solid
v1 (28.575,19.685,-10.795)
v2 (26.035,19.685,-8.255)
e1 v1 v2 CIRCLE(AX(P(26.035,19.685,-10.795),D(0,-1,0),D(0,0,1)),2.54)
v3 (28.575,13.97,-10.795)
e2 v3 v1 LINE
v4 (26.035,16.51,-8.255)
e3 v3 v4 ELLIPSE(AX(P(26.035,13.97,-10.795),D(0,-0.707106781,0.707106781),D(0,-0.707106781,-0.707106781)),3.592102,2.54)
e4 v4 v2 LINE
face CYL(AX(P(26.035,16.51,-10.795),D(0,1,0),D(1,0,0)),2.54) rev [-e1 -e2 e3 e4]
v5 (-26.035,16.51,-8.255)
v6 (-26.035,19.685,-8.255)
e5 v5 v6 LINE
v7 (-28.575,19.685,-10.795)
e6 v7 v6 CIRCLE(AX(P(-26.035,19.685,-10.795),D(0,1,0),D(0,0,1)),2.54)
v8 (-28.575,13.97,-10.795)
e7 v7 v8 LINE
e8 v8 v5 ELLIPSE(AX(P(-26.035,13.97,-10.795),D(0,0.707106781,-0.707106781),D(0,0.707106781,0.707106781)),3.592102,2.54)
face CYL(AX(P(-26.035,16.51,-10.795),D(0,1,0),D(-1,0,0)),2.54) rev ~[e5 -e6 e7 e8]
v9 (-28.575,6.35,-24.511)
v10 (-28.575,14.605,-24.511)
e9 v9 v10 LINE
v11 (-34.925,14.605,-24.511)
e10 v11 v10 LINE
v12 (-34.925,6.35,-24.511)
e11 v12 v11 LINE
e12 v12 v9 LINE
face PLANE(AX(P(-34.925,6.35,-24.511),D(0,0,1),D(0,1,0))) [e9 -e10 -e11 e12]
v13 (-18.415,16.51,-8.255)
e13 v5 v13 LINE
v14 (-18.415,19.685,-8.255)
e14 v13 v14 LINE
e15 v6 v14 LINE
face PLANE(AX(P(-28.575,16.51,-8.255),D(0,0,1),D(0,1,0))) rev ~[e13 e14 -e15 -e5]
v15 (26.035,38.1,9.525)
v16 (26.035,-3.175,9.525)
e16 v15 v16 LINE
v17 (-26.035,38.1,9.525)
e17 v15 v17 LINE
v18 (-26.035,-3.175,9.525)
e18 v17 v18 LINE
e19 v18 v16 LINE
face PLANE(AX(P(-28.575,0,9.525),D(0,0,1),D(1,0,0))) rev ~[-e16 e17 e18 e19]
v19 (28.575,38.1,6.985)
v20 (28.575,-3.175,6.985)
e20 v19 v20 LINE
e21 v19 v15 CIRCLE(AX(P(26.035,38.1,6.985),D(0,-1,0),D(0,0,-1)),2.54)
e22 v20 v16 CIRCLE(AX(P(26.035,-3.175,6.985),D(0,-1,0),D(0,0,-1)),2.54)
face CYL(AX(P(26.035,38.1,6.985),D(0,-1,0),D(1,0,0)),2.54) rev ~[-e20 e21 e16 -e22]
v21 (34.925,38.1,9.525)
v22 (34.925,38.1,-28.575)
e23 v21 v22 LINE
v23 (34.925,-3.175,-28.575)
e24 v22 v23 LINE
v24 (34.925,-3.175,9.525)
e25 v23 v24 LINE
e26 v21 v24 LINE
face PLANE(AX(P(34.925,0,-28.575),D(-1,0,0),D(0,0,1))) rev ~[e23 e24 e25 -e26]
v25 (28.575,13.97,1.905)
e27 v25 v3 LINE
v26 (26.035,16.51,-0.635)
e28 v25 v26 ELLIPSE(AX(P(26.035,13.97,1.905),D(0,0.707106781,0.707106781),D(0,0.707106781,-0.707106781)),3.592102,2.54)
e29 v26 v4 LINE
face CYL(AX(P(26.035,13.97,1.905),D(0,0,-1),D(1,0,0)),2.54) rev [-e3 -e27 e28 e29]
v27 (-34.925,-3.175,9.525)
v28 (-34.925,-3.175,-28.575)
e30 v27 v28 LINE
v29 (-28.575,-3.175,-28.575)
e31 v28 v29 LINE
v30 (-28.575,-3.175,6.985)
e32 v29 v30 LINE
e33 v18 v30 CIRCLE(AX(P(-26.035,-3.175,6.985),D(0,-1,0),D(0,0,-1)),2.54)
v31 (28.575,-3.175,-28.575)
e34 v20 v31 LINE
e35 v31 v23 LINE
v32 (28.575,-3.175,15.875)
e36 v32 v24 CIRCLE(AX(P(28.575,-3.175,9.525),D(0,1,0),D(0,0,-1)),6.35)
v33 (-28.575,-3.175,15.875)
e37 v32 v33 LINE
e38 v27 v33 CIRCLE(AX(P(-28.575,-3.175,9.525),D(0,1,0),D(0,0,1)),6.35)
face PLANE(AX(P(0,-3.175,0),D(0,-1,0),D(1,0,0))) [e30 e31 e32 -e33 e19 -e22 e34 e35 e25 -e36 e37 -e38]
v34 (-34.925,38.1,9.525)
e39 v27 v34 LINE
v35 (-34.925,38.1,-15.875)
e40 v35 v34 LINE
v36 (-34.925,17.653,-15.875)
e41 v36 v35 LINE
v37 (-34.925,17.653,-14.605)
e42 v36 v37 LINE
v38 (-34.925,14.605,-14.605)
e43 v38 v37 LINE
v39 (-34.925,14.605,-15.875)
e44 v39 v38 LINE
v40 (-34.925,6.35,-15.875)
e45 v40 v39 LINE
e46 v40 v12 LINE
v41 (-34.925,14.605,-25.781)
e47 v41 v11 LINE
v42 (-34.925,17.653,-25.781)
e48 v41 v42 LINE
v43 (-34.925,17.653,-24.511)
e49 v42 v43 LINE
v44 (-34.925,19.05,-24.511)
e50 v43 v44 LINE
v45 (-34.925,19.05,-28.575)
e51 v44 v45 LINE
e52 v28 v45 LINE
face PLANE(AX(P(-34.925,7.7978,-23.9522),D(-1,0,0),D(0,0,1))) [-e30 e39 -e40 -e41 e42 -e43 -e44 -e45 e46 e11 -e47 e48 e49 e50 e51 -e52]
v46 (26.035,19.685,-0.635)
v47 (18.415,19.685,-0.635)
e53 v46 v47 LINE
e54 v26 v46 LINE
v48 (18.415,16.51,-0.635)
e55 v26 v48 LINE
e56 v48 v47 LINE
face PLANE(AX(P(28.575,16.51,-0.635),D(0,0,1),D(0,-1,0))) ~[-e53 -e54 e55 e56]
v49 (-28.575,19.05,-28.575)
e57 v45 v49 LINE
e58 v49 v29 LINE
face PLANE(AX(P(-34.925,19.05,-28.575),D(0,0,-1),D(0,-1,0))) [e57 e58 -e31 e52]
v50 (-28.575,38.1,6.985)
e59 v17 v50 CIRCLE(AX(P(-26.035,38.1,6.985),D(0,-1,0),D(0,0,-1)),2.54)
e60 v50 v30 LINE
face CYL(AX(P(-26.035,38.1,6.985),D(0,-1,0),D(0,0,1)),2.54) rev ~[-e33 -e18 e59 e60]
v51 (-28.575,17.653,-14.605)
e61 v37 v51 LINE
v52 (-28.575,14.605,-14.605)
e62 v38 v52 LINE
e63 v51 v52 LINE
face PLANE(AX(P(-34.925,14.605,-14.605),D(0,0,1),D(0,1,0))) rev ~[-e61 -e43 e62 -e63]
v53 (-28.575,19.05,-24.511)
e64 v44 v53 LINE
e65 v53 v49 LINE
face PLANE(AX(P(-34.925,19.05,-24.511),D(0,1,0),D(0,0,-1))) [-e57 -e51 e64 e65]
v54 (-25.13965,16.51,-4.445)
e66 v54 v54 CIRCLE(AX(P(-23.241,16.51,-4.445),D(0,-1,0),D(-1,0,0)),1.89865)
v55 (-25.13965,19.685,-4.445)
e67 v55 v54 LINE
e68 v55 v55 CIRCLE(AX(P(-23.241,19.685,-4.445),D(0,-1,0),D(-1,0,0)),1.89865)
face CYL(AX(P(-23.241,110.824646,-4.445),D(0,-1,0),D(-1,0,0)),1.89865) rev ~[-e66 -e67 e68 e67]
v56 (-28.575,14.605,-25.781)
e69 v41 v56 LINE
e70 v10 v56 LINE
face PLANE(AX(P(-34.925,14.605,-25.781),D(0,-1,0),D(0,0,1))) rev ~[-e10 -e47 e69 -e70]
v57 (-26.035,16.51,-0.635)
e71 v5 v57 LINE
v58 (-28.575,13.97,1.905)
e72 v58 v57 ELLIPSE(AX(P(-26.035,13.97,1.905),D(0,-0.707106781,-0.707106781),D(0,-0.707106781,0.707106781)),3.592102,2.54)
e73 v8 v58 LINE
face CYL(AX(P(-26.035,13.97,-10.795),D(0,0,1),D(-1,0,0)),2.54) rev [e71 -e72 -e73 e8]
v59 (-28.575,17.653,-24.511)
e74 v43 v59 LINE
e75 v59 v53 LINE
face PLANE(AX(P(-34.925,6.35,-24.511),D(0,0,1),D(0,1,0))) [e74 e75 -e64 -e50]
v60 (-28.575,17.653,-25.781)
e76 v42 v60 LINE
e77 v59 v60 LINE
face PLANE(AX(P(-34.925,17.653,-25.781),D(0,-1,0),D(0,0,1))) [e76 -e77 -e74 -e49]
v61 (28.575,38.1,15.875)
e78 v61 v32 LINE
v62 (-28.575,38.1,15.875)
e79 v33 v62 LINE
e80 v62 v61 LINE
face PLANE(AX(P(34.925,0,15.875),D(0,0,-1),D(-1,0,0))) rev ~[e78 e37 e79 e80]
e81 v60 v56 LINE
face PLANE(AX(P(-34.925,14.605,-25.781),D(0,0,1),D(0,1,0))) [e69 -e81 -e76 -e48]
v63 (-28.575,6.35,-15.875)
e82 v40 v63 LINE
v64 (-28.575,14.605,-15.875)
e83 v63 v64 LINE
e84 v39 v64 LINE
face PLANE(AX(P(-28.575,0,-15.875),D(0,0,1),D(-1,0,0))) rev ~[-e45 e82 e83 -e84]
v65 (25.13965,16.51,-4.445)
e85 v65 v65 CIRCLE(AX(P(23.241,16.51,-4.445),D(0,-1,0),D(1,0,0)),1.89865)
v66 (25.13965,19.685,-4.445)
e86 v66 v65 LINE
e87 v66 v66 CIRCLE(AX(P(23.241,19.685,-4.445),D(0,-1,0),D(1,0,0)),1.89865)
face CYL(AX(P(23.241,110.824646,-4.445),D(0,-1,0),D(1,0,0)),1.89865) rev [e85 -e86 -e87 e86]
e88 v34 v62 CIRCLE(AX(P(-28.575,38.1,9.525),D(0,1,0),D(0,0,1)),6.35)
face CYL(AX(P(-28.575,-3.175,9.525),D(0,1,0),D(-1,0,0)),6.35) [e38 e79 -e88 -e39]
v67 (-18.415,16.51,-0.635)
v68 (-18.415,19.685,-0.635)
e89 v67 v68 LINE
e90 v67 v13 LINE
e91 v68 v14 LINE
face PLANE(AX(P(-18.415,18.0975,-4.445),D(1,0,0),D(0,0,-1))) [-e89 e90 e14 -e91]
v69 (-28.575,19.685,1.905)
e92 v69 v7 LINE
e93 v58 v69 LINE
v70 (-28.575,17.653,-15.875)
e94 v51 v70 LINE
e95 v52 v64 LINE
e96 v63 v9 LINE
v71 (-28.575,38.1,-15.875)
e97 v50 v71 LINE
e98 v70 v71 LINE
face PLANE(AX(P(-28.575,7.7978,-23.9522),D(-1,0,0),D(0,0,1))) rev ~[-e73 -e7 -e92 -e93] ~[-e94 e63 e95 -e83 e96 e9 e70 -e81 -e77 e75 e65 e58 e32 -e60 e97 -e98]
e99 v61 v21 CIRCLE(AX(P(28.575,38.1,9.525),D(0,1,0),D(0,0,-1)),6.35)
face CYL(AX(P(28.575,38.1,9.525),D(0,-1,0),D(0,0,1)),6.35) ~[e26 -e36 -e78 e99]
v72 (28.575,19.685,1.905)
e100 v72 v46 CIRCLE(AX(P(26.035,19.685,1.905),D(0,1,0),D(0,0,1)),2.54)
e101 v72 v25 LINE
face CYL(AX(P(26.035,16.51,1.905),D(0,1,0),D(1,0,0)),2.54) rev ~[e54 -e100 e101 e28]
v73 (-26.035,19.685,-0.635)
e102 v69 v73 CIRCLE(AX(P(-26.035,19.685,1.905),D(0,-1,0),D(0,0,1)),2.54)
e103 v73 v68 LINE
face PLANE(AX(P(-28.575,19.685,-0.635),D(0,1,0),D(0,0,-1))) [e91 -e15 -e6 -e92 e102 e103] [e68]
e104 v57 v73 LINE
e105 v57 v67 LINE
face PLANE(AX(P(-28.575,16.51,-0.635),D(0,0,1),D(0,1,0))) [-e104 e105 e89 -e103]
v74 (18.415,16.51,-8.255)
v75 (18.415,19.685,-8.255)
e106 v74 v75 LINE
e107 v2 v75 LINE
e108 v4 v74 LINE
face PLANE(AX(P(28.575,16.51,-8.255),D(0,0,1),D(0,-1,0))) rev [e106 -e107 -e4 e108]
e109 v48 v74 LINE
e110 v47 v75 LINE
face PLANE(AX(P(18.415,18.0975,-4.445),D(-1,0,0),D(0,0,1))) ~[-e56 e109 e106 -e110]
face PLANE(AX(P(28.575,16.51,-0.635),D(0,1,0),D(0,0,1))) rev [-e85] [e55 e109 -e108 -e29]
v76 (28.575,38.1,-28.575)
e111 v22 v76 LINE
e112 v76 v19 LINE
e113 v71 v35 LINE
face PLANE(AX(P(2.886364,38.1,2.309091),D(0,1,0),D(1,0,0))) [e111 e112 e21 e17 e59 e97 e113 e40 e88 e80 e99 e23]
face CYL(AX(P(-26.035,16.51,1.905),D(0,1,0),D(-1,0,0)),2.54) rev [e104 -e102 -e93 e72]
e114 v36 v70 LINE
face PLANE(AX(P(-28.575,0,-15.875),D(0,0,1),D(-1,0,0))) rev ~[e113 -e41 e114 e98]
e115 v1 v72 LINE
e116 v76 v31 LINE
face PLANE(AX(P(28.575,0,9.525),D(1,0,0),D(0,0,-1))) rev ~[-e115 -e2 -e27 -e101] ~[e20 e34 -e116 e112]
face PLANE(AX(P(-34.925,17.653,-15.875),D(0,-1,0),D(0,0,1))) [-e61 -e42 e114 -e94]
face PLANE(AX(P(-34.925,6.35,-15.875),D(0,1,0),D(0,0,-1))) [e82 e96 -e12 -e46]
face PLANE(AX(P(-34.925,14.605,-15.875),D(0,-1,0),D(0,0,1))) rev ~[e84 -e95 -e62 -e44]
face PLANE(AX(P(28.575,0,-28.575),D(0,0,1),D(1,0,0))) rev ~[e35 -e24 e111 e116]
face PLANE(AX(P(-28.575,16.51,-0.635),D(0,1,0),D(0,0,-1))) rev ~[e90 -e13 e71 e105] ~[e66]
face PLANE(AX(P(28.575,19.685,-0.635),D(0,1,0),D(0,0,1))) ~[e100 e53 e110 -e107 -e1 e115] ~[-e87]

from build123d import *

# Parameters (mm, degrees)
BOSS_EXTRUDE1_DEPTH   = 38.1
SKETCH5_W             = 7.62
SKETCH5_H             = 3.175
BOSS_EXTRUDE2_DEPTH   = 10.16
F_6_CLEARANCE_HOLE1_D = 3.7973
BOSS_EXTRUDE3_DEPTH   = 3.175
FILLET1_R             = 6.35
FILLET2_R             = 2.54
FILLET3_R             = 2.54
FILLET4_R             = 2.54
BOSS_EXTRUDE6_DEPTH   = 6.35
CUT_EXTRUDE1_REACH    = 86.541
SKETCH19_W            = 1.27
SKETCH19_H            = 3.048


with BuildPart() as part:
    # Sketch1 → Boss-Extrude1 (new body)
    with BuildSketch(Plane(origin=(0, 0, 0), x_dir=(1, 0, 0), z_dir=(0, 1, 0))):
        Polygon((-34.925, -15.875), (34.925, -15.875), (34.925, 15.875), (34.925, 28.575), (28.575, 28.575), (28.575, 15.875), (28.575, -9.525), (-28.575, -9.525), (-28.575, 15.875), (-34.925, 15.875), align=None)
    extrude(amount=BOSS_EXTRUDE1_DEPTH)

    # Sketch5 → Boss-Extrude2 (add)
    with BuildSketch(Plane(origin=(-28.575, 0, 0), x_dir=(0, 0, -1), z_dir=(1, 0, 0))):
        with Locations((4.445, 18.0975)):
            Rectangle(SKETCH5_W, SKETCH5_H)
    boss_extrude2 = extrude(amount=BOSS_EXTRUDE2_DEPTH)

    # #6 Clearance Hole1 (through all)
    with Locations(Plane(origin=(0, 19.685, 0), x_dir=(1, 0, 0), z_dir=(0, 1, 0))):
        with Locations((-23.241, 4.445)):
            f_6_clearance_hole1 = Hole(F_6_CLEARANCE_HOLE1_D / 2)

    # Mirror4: Boss-Extrude2, #6 Clearance Hole1 across plane
    add(boss_extrude2.mirror(Plane(origin=(0, 0, 0), x_dir=(0, 0, 1), z_dir=(1, 0, 0))))
    add(f_6_clearance_hole1.mirror(Plane(origin=(0, 0, 0), x_dir=(0, 0, 1), z_dir=(1, 0, 0))), mode=Mode.SUBTRACT)

    # Sketch11 → Boss-Extrude3 (add)
    with BuildSketch(Plane.XZ):
        Polygon((-28.575, -28.575), (-28.575, 9.525), (28.575, 9.525), (28.575, -28.575), (34.925, -28.575), (34.925, 15.875), (-34.925, 15.875), (-34.925, -28.575), align=None)
    extrude(amount=BOSS_EXTRUDE3_DEPTH)

    # Fillet1
    fillet1_edges = [part.edges().sort_by_distance(p)[0] for p in [
        (34.925, 17.4625, 15.875),
        (-34.925, 17.4625, 15.875),
    ]]
    fillet(fillet1_edges, radius=FILLET1_R)

    # Fillet2
    fillet2_edges = [part.edges().sort_by_distance(p)[0] for p in [
        (-28.575, 18.0975, -8.255),
        (-28.575, 18.0975, -0.635),
        (28.575, 18.0975, -0.635),
        (28.575, 18.0975, -8.255),
    ]]
    fillet(fillet2_edges, radius=FILLET2_R)

    # Fillet3
    fillet3_edges = [part.edges().sort_by_distance(p)[0] for p in [
        (-28.575, 16.51, -4.445),
        (28.575, 16.51, -4.445),
    ]]
    fillet(fillet3_edges, radius=FILLET3_R)

    # Fillet4
    fillet4_edges = [part.edges().sort_by_distance(p)[0] for p in [
        (-28.575, 17.4625, 9.525),
        (28.575, 17.4625, 9.525),
    ]]
    fillet(fillet4_edges, radius=FILLET4_R)

    # Sketch18 → Boss-Extrude6 (add)
    with BuildSketch(Plane.ZY.offset(34.925)):
        Polygon((-24.511, 19.05), (-28.575, 19.05), (-28.575, 0), (-15.875, 0), (-15.875, 6.35), (-24.511, 6.35), align=None)
    extrude(amount=-BOSS_EXTRUDE6_DEPTH)

    # Sketch19 → Cut-Extrude1 (cut, up to next)
    with BuildSketch(Plane.ZY.offset(34.925), mode=Mode.PRIVATE) as cut_extrude1_sk1:
        with Locations((-15.24, 16.129)):
            Rectangle(SKETCH19_W, SKETCH19_H)
    cut_extrude1_tool1 = extrude(cut_extrude1_sk1.sketch, amount=-CUT_EXTRUDE1_REACH, mode=Mode.PRIVATE) & part.part
    # Sketch19 → Cut-Extrude1 (cut, up to next)
    with BuildSketch(Plane.ZY.offset(34.925), mode=Mode.PRIVATE) as cut_extrude1_sk2:
        with Locations((-25.146, 16.129)):
            Rectangle(SKETCH19_W, SKETCH19_H)
    cut_extrude1_tool2 = extrude(cut_extrude1_sk2.sketch, amount=-CUT_EXTRUDE1_REACH, mode=Mode.PRIVATE) & part.part
    add(cut_extrude1_tool1.solids().sort_by_distance((-34.925, 16.129, -15.24))[0], mode=Mode.SUBTRACT)
    add(cut_extrude1_tool2.solids().sort_by_distance((-34.925, 16.129, -25.146))[0], mode=Mode.SUBTRACT)


solid = part.part
